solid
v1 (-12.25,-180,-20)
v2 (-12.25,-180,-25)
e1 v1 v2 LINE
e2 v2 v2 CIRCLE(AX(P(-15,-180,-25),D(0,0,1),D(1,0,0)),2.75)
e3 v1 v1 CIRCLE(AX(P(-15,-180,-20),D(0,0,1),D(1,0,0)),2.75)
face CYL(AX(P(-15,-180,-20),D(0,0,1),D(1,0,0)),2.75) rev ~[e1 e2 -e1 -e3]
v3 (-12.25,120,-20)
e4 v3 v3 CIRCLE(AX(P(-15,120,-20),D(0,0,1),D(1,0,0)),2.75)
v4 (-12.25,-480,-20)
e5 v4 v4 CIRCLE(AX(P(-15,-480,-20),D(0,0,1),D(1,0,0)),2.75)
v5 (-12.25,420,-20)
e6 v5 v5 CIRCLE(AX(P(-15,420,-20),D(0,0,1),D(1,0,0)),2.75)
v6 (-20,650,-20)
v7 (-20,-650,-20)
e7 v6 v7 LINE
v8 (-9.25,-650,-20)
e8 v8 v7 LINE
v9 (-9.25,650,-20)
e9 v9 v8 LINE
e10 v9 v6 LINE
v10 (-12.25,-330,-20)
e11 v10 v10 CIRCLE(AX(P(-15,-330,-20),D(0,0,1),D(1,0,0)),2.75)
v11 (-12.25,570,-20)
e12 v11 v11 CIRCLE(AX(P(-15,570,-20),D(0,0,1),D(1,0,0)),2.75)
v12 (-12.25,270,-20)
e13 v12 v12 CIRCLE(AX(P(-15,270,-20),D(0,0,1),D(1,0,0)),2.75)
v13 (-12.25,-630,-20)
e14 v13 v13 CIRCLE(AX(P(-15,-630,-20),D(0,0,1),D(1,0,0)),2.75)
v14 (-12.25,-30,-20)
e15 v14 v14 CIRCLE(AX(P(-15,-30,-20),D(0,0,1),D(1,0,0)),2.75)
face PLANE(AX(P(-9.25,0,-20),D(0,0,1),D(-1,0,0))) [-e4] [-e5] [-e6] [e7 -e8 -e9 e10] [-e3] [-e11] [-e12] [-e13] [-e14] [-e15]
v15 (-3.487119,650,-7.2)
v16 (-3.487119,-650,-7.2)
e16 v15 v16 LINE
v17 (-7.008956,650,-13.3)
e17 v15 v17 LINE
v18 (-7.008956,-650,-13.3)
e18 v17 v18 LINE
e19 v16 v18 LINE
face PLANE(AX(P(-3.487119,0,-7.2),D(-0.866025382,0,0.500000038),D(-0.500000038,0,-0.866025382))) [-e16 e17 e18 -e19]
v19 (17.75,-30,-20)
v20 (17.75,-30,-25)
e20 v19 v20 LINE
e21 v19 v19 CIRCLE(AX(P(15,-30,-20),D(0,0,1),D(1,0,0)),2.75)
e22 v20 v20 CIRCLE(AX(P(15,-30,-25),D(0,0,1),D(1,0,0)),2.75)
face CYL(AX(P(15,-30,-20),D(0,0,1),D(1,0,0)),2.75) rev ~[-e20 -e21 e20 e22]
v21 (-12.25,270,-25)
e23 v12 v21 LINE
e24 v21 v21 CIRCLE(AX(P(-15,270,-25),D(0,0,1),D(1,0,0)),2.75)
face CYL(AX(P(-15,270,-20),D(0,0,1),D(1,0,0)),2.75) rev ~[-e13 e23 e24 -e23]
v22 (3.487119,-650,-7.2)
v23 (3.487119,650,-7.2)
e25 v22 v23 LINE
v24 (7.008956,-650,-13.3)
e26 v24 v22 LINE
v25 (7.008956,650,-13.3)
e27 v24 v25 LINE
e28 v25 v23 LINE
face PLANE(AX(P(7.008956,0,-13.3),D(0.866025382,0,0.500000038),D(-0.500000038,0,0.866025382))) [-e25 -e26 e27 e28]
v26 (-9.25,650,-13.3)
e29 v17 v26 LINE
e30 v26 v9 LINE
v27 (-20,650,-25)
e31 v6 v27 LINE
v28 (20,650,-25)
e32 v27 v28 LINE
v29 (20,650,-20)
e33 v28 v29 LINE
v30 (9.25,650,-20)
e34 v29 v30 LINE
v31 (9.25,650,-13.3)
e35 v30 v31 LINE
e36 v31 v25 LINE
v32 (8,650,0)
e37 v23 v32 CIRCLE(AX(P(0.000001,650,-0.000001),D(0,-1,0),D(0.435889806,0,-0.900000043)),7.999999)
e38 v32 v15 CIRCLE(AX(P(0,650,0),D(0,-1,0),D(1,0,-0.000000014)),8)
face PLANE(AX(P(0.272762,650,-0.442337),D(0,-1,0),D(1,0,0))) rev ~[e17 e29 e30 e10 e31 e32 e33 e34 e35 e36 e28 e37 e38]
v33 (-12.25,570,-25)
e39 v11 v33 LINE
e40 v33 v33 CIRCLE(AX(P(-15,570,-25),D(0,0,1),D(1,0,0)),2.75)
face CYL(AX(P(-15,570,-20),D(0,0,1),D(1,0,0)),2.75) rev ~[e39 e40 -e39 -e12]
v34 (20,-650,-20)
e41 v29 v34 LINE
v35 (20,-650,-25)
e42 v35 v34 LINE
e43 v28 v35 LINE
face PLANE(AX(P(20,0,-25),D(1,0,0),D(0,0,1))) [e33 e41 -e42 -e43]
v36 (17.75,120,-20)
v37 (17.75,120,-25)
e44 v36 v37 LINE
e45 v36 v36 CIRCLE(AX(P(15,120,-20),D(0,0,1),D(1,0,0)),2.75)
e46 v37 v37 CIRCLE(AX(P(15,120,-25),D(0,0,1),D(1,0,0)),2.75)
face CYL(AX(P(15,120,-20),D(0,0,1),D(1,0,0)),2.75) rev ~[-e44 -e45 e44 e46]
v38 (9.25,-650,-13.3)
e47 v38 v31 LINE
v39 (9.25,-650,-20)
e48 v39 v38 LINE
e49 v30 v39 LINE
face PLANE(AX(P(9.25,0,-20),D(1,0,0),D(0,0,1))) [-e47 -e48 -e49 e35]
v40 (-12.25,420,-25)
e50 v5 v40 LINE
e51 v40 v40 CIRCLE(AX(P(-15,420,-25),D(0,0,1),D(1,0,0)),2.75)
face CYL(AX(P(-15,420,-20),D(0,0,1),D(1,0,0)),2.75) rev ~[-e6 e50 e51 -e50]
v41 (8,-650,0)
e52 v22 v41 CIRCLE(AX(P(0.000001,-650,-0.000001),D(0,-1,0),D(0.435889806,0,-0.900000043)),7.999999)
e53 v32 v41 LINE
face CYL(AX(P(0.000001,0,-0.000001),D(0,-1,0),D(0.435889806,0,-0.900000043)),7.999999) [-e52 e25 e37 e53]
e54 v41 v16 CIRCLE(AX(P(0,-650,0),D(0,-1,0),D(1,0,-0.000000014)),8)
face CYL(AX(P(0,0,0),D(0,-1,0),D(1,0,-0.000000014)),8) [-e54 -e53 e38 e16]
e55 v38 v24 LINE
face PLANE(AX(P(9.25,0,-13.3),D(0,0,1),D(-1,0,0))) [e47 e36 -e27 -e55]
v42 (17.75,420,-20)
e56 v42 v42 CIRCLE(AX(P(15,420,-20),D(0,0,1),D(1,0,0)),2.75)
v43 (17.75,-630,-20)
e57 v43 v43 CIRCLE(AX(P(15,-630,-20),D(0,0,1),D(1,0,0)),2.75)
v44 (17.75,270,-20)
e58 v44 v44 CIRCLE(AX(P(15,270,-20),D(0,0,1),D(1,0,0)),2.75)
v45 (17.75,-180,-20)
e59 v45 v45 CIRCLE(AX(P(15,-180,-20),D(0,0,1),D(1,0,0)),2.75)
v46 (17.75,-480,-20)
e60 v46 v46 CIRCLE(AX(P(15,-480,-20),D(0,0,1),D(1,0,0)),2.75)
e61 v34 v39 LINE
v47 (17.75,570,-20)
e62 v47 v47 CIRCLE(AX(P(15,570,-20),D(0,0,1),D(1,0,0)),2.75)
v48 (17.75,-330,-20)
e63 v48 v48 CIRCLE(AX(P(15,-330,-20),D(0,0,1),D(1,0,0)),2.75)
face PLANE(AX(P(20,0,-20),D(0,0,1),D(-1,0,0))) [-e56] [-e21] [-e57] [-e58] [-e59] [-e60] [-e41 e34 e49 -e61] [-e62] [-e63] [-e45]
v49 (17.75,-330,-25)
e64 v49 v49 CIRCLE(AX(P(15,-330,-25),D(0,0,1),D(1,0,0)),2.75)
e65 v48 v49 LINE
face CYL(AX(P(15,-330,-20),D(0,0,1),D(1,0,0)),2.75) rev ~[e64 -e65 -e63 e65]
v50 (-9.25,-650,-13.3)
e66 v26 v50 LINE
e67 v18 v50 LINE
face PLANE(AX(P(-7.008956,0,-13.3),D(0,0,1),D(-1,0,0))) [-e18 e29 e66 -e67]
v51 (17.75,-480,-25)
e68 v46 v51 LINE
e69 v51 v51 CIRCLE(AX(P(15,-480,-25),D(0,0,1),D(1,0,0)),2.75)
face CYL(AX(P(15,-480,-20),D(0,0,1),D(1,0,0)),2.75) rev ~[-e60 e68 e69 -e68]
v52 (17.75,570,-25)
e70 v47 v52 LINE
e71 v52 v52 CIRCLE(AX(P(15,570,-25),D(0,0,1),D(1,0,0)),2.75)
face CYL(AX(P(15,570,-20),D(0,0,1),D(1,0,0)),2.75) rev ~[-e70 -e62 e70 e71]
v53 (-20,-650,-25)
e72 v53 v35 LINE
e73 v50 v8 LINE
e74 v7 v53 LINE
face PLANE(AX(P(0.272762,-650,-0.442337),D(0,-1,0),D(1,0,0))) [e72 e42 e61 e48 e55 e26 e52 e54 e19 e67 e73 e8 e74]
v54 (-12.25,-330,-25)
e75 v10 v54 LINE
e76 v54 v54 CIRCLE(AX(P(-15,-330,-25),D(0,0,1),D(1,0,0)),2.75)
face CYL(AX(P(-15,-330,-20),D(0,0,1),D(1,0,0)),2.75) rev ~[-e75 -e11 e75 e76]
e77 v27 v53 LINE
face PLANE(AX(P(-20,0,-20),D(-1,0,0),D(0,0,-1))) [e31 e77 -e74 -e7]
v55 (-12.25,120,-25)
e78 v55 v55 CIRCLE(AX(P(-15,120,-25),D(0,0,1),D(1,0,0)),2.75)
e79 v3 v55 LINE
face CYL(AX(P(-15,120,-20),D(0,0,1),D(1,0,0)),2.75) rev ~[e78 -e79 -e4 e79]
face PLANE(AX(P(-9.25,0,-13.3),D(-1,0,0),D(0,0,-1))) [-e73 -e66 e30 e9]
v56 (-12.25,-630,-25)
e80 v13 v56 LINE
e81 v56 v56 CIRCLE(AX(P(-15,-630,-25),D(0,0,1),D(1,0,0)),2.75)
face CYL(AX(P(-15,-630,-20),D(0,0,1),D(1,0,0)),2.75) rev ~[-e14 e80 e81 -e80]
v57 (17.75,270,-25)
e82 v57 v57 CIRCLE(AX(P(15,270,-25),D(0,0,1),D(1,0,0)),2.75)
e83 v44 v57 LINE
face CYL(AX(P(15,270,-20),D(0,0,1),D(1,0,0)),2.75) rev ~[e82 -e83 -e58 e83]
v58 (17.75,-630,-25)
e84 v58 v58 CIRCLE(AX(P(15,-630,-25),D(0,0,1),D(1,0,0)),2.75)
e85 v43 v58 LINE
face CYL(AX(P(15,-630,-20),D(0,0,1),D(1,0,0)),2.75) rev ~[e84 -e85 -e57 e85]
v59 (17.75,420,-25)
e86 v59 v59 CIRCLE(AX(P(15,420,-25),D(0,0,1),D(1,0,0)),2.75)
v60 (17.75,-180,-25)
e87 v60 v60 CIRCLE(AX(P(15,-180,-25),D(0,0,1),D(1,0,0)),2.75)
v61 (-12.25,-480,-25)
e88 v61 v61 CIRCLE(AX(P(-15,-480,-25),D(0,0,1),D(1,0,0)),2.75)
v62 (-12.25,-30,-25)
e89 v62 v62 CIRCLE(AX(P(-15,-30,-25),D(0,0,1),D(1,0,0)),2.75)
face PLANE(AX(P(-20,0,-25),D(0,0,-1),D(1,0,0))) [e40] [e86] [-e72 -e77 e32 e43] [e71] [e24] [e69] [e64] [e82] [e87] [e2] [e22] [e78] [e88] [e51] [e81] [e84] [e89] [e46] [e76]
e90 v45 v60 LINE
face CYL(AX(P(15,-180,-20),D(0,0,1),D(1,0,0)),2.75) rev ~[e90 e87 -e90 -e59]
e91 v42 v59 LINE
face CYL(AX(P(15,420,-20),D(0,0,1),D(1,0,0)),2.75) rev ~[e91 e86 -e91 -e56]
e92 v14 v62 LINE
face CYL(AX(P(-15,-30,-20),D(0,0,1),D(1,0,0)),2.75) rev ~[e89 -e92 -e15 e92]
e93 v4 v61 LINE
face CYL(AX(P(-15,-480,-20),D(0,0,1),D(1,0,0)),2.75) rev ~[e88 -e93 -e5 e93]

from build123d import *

# Parameters (mm, degrees)
F1_DEPTH = 650
F2_R     = 2.75
F3_DEPTH = 5.001


with BuildPart() as f1:
    # F0 (on Front) → F1 (new body, symmetric)
    with BuildSketch(Plane.XZ):
        with BuildLine():
            ThreePointArc((3.487119, -7.2), (6.778531, -4.248708), (8, 0))
            ThreePointArc((8, 0), (-4.248708, 6.778531), (-3.487119, -7.2))
            ThreePointArc((-3.487119, -7.2), (0, -8), (3.487119, -7.2))
        make_face()
        with BuildLine():
            ThreePointArc((3.487119, -7.2), (0, -8), (-3.487119, -7.2))
            Line((-3.487119, -7.2), (-7.008956, -13.3))
            Line((-7.008956, -13.3), (-9.25, -13.3))
            Line((-9.25, -13.3), (-9.25, -20))
            Line((-9.25, -20), (-20, -20))
            Line((-20, -20), (-20, -25))
            Line((-20, -25), (20, -25))
            Line((20, -25), (20, -20))
            Line((20, -20), (9.25, -20))
            Line((9.25, -20), (9.25, -13.3))
            Line((9.25, -13.3), (7.008956, -13.3))
            Line((7.008956, -13.3), (3.487119, -7.2))
        make_face()
    extrude(amount=F1_DEPTH, both=True)

    # F2 (on face) → F3 (cut, through all)
    with BuildSketch(Plane.XY.offset(-20)):
        with Locations((-15, -630)):
            Circle(F2_R)
        with Locations((15, -630)):
            Circle(F2_R)
        with Locations((-15, -480)):
            Circle(F2_R)
        with Locations((15, -480)):
            Circle(F2_R)
        with Locations((-15, -330)):
            Circle(F2_R)
        with Locations((15, -330)):
            Circle(F2_R)
        with Locations((-15, -180)):
            Circle(F2_R)
        with Locations((15, -180)):
            Circle(F2_R)
        with Locations((-15, -30)):
            Circle(F2_R)
        with Locations((15, -30)):
            Circle(F2_R)
        with Locations((-15, 120)):
            Circle(F2_R)
        with Locations((15, 120)):
            Circle(F2_R)
        with Locations((-15, 270)):
            Circle(F2_R)
        with Locations((15, 270)):
            Circle(F2_R)
        with Locations((-15, 420)):
            Circle(F2_R)
        with Locations((15, 420)):
            Circle(F2_R)
        with Locations((-15, 570)):
            Circle(F2_R)
        with Locations((15, 570)):
            Circle(F2_R)
    extrude(amount=-F3_DEPTH, mode=Mode.SUBTRACT)


solid = f1.part
